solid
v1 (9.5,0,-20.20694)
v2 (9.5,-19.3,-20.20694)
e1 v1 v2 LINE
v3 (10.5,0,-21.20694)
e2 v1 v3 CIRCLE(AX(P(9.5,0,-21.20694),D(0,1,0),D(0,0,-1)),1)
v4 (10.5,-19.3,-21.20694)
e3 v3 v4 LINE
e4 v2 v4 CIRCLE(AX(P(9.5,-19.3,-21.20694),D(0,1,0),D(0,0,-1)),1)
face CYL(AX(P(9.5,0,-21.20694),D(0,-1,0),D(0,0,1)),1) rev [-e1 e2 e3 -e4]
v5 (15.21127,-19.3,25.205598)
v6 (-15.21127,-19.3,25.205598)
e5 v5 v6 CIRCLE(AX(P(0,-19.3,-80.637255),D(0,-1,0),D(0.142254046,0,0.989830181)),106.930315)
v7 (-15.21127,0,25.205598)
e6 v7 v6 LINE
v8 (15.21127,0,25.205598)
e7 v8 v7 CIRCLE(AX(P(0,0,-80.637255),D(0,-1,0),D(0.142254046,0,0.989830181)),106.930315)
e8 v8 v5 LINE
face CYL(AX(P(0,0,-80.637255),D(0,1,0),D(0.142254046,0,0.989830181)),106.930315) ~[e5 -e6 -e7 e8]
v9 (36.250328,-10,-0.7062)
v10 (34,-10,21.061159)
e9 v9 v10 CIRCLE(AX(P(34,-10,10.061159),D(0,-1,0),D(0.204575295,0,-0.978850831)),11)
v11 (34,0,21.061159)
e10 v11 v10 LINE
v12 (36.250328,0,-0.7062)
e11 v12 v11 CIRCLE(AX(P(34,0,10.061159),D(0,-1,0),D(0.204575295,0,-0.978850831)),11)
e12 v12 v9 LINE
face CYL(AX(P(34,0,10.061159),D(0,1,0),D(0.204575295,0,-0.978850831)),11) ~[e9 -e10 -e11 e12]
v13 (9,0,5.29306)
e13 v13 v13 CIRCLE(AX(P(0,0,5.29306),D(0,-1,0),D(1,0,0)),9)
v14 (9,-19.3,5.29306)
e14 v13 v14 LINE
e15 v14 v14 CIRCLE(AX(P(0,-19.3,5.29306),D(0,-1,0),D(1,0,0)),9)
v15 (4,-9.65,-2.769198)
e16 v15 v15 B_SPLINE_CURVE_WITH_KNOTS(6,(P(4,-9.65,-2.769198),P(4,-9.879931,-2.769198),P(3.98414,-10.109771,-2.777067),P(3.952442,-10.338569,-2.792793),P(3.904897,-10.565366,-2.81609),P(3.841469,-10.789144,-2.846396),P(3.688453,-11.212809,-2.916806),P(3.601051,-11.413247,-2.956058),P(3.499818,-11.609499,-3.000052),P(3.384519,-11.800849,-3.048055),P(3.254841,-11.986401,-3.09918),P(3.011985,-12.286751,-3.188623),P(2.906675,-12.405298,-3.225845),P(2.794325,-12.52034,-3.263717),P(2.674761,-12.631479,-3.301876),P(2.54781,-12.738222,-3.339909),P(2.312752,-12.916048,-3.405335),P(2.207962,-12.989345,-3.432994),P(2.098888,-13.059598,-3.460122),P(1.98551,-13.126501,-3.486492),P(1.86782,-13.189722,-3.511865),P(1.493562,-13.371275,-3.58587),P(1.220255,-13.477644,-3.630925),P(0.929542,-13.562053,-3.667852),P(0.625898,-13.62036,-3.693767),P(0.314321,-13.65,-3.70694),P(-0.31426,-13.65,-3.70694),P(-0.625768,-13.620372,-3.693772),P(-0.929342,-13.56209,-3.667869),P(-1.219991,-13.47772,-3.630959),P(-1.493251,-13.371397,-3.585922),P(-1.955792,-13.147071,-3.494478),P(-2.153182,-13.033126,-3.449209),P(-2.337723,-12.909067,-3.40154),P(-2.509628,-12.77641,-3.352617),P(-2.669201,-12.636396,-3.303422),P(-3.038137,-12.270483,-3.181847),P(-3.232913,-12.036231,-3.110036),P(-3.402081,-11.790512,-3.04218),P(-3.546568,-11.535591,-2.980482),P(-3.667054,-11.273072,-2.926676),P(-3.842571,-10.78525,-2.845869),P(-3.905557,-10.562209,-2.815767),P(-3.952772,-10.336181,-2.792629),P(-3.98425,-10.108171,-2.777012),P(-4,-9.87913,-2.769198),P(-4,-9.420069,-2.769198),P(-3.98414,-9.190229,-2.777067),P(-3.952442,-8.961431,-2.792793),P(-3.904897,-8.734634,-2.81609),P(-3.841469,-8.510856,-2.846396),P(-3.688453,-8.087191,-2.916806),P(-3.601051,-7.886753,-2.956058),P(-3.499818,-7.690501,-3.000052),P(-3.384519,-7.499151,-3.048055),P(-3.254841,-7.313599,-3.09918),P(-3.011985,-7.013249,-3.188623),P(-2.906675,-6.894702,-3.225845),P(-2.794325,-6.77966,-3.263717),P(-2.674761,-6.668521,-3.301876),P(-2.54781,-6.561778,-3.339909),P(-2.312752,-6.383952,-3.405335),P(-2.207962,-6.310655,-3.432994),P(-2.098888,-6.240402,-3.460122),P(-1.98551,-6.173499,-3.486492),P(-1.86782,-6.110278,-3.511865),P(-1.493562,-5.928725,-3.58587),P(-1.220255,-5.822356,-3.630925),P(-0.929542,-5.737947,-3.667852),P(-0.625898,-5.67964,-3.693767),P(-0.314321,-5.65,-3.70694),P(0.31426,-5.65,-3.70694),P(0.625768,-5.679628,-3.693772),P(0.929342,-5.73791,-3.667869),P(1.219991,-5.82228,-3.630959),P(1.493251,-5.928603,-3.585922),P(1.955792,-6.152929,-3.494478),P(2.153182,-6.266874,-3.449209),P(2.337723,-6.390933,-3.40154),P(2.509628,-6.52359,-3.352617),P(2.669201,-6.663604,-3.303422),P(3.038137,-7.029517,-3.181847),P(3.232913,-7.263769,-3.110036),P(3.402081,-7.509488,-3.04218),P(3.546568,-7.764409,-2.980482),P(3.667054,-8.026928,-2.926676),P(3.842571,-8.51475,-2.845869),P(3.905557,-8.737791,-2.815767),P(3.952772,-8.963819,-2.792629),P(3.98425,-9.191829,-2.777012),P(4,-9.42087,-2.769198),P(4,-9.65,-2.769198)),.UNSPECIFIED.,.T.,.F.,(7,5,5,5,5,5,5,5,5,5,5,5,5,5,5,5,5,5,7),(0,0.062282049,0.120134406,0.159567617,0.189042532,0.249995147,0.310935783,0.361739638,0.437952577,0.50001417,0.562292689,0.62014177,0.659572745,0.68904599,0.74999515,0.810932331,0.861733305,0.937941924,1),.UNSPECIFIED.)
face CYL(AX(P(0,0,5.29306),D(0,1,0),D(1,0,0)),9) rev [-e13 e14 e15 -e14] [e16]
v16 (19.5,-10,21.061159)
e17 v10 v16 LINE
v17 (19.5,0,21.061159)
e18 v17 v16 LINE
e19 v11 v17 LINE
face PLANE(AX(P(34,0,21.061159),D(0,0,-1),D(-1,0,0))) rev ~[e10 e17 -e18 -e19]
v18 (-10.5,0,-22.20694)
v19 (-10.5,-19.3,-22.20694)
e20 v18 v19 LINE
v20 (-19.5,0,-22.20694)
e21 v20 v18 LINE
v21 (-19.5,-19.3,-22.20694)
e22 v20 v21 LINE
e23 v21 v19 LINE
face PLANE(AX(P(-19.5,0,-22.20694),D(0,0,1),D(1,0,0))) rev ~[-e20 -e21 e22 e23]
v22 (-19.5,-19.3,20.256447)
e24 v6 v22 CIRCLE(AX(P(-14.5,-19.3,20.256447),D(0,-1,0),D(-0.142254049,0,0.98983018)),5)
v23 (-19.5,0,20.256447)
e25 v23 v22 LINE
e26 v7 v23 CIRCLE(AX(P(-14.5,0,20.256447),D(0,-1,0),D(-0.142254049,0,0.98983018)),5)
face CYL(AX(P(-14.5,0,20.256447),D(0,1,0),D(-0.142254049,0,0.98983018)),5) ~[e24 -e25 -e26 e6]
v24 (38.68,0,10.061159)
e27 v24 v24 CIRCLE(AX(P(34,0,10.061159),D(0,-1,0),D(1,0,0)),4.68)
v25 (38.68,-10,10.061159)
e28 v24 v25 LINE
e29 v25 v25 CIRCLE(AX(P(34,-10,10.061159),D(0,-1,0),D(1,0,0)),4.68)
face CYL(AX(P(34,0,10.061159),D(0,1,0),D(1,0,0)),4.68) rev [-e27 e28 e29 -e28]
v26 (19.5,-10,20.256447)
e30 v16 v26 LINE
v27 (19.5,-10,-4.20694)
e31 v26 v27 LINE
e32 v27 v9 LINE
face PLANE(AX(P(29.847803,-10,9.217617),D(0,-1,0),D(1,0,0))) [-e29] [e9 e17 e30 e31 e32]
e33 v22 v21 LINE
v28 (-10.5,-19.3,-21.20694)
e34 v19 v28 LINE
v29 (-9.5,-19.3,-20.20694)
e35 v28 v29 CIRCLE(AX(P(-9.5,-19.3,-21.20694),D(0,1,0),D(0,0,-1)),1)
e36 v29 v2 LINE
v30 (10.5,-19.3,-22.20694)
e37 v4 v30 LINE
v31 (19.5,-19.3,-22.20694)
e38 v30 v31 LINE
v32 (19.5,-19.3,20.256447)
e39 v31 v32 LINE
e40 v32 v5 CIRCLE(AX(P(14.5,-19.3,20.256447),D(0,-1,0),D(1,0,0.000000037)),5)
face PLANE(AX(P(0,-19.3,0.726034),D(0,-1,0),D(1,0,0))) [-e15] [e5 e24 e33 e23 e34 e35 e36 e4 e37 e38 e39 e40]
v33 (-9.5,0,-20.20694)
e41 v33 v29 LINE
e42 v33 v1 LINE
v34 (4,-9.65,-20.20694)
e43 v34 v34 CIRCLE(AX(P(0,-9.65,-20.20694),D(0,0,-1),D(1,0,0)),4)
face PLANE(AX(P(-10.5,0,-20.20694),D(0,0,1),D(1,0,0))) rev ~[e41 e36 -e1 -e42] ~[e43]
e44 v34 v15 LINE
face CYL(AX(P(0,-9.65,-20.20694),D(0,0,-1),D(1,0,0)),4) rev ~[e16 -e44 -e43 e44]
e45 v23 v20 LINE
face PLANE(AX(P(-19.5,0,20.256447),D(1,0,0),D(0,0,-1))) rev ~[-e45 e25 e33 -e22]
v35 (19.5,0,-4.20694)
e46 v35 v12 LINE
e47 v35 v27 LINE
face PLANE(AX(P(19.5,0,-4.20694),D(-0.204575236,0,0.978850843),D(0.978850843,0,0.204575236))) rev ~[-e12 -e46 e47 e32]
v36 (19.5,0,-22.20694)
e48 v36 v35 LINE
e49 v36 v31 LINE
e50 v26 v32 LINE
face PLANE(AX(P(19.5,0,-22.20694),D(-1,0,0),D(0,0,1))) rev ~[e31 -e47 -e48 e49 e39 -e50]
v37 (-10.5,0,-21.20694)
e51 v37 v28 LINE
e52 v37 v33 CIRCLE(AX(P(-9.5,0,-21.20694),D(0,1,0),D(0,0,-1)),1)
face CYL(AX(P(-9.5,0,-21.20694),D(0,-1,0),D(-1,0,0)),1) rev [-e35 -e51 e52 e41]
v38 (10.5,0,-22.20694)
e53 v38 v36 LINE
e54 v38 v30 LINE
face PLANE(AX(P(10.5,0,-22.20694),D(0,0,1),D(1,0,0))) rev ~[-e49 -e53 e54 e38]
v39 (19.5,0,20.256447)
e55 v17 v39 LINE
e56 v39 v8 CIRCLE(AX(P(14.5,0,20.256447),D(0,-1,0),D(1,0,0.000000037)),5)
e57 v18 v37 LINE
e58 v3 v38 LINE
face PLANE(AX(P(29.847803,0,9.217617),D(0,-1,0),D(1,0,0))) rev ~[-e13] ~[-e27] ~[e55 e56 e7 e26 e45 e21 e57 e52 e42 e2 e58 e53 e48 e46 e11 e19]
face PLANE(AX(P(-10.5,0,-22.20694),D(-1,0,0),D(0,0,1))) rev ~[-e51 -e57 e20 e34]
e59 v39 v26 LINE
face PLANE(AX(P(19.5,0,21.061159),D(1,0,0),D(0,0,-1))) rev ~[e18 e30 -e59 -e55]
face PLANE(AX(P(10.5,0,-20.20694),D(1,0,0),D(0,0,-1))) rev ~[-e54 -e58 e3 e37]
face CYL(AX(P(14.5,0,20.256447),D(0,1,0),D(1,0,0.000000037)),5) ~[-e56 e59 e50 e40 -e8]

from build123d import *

# Parameters (mm, degrees)
F0_R     = 9
F1_DEPTH = 19.3
F2_R     = 1
F3_R     = 4.68
F4_DEPTH = 10
F5_R     = 4
F6_DEPTH = 25


with BuildPart() as f1:
    # F0 (on Front) → F1 (new body)
    with BuildSketch(Plane.XZ):
        with BuildLine():
            ThreePointArc((-15.21127, 25.205598), (-18.278647, 23.530867), (-19.5, 20.256447))
            Line((-19.5, 20.256447), (-19.5, -22.20694))
            Line((-19.5, -22.20694), (-10.5, -22.20694))
            Line((-10.5, -22.20694), (-10.5, -20.20694))
            Line((-10.5, -20.20694), (10.5, -20.20694))
            Line((10.5, -20.20694), (10.5, -22.20694))
            Line((10.5, -22.20694), (19.5, -22.20694))
            Line((19.5, -22.20694), (19.5, 20.256447))
            ThreePointArc((19.5, 20.256447), (18.278647, 23.530867), (15.21127, 25.205598))
            ThreePointArc((15.21127, 25.205598), (0, 26.29306), (-15.21127, 25.205598))
        make_face()
        with Locations((0, 5.29306)):
            Circle(F0_R, mode=Mode.SUBTRACT)
    extrude(amount=F1_DEPTH)

    # F2
    f2_edges = [f1.edges().sort_by_distance(p)[0] for p in [
        (-10.5, -9.65, -20.20694),
        (10.5, -9.65, -20.20694),
    ]]
    fillet(f2_edges, radius=F2_R)

    # F3 (on Front) → F4 (join)
    with BuildSketch(Plane.XZ):
        with BuildLine():
            Line((34, 21.061159), (19.5, 21.061159))
            Line((19.5, 21.061159), (19.5, -4.20694))
            Line((19.5, -4.20694), (36.250328, -0.7062))
            ThreePointArc((36.250328, -0.7062), (44.941685, 11.192319), (34, 21.061159))
        make_face()
        with Locations((34, 10.061159)):
            Circle(F3_R, mode=Mode.SUBTRACT)
    extrude(amount=F4_DEPTH)

    # F5 (on face) → F6 (cut)
    with BuildSketch(Plane(origin=(0, 0, -20.20694), x_dir=(1, 0, 0), z_dir=(0, 0, -1))):
        with Locations((0, 9.65)):
            Circle(F5_R)
    extrude(amount=-F6_DEPTH, mode=Mode.SUBTRACT)


solid = f1.part
